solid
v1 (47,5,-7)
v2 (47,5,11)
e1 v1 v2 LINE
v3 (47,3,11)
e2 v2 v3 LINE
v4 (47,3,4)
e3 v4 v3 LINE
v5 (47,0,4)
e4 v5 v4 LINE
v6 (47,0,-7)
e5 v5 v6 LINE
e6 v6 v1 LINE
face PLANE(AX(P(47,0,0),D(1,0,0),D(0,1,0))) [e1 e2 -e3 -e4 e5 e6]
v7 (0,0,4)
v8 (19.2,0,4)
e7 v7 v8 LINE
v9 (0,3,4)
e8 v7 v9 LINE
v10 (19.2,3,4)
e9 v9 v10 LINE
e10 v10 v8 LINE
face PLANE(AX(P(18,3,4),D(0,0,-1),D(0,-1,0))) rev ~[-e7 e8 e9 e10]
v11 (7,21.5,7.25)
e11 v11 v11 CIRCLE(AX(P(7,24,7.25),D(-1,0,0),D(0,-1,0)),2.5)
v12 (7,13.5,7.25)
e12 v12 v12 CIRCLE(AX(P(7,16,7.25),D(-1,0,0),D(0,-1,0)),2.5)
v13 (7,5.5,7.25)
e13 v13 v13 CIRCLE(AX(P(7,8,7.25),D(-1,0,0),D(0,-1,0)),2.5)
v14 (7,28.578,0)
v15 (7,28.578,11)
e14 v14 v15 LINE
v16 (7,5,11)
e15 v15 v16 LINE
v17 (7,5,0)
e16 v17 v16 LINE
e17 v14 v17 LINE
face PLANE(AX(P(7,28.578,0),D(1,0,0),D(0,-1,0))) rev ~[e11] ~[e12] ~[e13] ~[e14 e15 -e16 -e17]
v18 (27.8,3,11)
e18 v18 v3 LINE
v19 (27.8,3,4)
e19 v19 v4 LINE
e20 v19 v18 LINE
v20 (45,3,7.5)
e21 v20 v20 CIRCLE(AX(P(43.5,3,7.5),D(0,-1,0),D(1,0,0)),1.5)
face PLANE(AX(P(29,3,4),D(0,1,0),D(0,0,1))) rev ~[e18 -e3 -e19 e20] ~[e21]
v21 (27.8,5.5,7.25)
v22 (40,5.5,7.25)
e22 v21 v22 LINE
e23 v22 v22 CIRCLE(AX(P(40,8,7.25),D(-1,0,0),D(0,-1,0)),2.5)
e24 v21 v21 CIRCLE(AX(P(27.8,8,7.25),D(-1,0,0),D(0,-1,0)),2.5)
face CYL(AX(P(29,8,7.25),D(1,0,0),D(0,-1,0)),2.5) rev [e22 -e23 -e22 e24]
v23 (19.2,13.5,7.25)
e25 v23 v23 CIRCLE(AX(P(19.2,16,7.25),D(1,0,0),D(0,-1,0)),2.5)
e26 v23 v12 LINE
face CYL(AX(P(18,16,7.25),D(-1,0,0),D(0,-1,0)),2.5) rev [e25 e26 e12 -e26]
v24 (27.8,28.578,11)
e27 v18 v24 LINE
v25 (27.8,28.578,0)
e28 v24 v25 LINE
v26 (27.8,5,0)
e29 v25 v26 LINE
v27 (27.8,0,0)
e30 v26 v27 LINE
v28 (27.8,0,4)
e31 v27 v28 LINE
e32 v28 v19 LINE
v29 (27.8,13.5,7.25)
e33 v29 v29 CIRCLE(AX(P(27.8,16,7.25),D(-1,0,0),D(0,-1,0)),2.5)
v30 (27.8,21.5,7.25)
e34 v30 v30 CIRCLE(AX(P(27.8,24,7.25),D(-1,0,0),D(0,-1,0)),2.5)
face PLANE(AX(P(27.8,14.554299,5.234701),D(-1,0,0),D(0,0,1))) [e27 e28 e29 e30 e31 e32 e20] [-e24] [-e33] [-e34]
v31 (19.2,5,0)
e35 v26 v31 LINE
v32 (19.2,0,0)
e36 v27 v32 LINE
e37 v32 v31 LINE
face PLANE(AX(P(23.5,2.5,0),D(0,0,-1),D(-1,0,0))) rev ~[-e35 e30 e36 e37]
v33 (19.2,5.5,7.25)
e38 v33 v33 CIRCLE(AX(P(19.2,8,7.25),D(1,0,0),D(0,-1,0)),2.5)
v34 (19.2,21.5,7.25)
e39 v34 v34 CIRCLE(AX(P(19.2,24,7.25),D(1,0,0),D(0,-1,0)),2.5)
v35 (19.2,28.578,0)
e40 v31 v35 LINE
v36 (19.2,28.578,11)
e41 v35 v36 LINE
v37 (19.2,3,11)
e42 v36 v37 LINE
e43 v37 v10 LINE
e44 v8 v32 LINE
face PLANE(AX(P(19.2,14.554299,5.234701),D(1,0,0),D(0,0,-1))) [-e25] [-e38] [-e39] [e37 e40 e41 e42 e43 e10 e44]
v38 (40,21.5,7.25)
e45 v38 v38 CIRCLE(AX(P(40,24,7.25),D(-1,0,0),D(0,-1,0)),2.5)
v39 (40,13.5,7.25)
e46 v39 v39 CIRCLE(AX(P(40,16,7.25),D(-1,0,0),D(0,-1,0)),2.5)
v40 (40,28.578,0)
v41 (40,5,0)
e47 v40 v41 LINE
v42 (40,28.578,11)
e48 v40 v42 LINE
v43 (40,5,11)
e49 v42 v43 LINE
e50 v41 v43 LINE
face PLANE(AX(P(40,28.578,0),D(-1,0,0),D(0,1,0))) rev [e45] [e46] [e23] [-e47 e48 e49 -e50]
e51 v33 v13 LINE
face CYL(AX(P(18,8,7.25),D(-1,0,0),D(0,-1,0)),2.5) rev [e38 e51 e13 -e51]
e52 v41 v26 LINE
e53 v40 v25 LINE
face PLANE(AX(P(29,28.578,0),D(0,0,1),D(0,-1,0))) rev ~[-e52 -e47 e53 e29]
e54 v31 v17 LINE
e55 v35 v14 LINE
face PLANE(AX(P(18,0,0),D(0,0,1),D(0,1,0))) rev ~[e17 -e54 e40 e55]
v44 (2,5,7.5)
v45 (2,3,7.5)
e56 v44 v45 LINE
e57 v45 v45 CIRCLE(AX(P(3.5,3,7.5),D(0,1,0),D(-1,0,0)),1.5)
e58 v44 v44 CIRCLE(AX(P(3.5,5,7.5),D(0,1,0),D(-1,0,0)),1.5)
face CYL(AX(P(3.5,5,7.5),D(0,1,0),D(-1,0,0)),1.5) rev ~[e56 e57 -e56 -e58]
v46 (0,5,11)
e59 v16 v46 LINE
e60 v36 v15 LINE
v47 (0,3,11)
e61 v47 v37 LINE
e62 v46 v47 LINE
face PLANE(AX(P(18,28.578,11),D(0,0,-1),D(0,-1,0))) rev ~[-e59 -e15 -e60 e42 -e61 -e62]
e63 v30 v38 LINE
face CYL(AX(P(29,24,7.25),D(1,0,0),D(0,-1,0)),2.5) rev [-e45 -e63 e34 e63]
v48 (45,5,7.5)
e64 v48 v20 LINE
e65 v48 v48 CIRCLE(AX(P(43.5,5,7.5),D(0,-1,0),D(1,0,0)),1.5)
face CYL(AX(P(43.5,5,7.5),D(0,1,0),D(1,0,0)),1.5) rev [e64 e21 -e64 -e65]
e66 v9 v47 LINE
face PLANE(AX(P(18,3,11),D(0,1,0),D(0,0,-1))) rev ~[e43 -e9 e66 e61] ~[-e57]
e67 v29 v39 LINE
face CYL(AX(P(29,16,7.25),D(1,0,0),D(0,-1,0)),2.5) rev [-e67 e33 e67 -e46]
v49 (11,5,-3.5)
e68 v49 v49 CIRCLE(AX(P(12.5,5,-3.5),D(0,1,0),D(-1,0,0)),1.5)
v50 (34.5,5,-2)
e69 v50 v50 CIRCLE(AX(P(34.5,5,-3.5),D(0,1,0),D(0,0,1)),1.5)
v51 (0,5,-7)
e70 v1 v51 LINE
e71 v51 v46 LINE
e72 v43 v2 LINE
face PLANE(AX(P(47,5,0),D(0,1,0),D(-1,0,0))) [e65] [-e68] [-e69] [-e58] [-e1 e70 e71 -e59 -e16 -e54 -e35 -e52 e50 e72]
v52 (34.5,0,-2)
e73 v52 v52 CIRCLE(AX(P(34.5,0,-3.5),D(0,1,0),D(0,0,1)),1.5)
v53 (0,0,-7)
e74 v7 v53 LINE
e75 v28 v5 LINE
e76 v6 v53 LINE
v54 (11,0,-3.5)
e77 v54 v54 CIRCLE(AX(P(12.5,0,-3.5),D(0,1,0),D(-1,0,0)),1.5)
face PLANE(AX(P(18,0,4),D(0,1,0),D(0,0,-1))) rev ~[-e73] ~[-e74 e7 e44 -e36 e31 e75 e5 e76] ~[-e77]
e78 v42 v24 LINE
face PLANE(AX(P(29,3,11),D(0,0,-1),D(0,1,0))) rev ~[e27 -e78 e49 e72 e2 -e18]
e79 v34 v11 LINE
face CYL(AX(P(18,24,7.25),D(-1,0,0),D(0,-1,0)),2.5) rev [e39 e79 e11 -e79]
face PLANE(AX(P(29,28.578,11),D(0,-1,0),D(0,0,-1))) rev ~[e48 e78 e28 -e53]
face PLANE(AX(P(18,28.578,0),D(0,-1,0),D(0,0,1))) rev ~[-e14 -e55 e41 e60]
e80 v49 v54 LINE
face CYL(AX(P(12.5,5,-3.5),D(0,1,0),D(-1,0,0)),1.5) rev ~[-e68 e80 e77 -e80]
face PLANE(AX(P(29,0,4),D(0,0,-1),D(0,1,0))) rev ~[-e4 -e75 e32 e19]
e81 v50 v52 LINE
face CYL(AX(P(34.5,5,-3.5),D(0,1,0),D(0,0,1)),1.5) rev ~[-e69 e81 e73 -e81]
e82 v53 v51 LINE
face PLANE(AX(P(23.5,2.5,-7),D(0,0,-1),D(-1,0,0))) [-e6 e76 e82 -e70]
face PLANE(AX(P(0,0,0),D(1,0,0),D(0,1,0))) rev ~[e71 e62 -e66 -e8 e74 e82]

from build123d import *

# Parameters (mm, degrees)
BOSS_EXTRUDE1_DEPTH = 11
CUT_EXTRUDE1_REACH  = 37.52
SKETCH3_W           = 7
SKETCH3_H           = 3
CUT_EXTRUDE2_REACH  = 34.538
SKETCH4_R           = 2.5
SKETCH5_R           = 1.5
CUT_EXTRUDE3_DEPTH  = 11
SKETCH6_W           = 47
SKETCH6_H           = 5
BOSS_EXTRUDE2_DEPTH = 7
SKETCH7_R           = 1.5
CUT_EXTRUDE4_DEPTH  = 5
SKETCH9_R           = 2.5
BOSS_EXTRUDE3_DEPTH = 1.2
SKETCH10_R          = 2.5
BOSS_EXTRUDE4_DEPTH = 1.2


with BuildPart() as part:
    # Sketch1 → Boss-Extrude1 (new body)
    with BuildSketch(Plane.XY):
        Polygon((0, 0), (18, 0), (18, 28.578), (7, 28.578), (7, 5), (0, 5), align=None)
    extrude(amount=BOSS_EXTRUDE1_DEPTH)

    # Sketch3 → Cut-Extrude1 (cut, up to next)
    with BuildSketch(Plane.ZY, mode=Mode.PRIVATE) as cut_extrude1_sk1:
        with Locations((7.5, 1.5)):
            Rectangle(SKETCH3_W, SKETCH3_H)
    cut_extrude1_tool1 = extrude(cut_extrude1_sk1.sketch, amount=-CUT_EXTRUDE1_REACH, mode=Mode.PRIVATE) & part.part
    add(cut_extrude1_tool1.solids().sort_by_distance((0, 1.5, 7.5))[0], mode=Mode.SUBTRACT)

    # Sketch4 → Cut-Extrude2 (cut, up to next)
    with BuildSketch(Plane.ZY.offset(-7), mode=Mode.PRIVATE) as cut_extrude2_sk1:
        with Locations(Location((7.25, 8, 0), (0, 0, 270))):
            Circle(SKETCH4_R)
    cut_extrude2_tool1 = extrude(cut_extrude2_sk1.sketch, amount=-CUT_EXTRUDE2_REACH, mode=Mode.PRIVATE) & part.part
    # Sketch4 → Cut-Extrude2 (cut, up to next)
    with BuildSketch(Plane.ZY.offset(-7), mode=Mode.PRIVATE) as cut_extrude2_sk2:
        with Locations(Location((7.25, 16, 0), (0, 0, 270))):
            Circle(SKETCH4_R)
    cut_extrude2_tool2 = extrude(cut_extrude2_sk2.sketch, amount=-CUT_EXTRUDE2_REACH, mode=Mode.PRIVATE) & part.part
    # Sketch4 → Cut-Extrude2 (cut, up to next)
    with BuildSketch(Plane.ZY.offset(-7), mode=Mode.PRIVATE) as cut_extrude2_sk3:
        with Locations(Location((7.25, 24, 0), (0, 0, 270))):
            Circle(SKETCH4_R)
    cut_extrude2_tool3 = extrude(cut_extrude2_sk3.sketch, amount=-CUT_EXTRUDE2_REACH, mode=Mode.PRIVATE) & part.part
    add(cut_extrude2_tool1.solids().sort_by_distance((7, 8, 7.25))[0], mode=Mode.SUBTRACT)
    add(cut_extrude2_tool2.solids().sort_by_distance((7, 16, 7.25))[0], mode=Mode.SUBTRACT)
    add(cut_extrude2_tool3.solids().sort_by_distance((7, 24, 7.25))[0], mode=Mode.SUBTRACT)

    # Sketch5 → Cut-Extrude3 (cut)
    with BuildSketch(Plane(origin=(0, 5, 0), x_dir=(1, 0, 0), z_dir=(0, 1, 0))):
        with Locations(Location((3.5, -7.5, 0), (0, 0, 180))):
            Circle(SKETCH5_R)
    extrude(amount=-CUT_EXTRUDE3_DEPTH, mode=Mode.SUBTRACT)


with BuildPart() as body_2:
    # Mirror6: mirrored copy
    add(part.part.mirror(Plane(origin=(23.5, 0, 0), x_dir=(0, 0, 1), z_dir=(1, 0, 0))))


with BuildPart() as part_1:
    add(part.part)

    add(body_2.part)  # Boss-Extrude2 merges body 2
    # Sketch6 → Boss-Extrude2 (add)
    with BuildSketch(Plane(origin=(0, 0, 0), x_dir=(-1, 0, 0), z_dir=(0, 0, -1))):
        with Locations((-23.5, 2.5)):
            Rectangle(SKETCH6_W, SKETCH6_H)
    extrude(amount=BOSS_EXTRUDE2_DEPTH)

    # Sketch7 → Cut-Extrude4 (cut)
    with BuildSketch(Plane(origin=(0, 5, 0), x_dir=(1, 0, 0), z_dir=(0, 1, 0))):
        with Locations(Location((12.5, 3.5, 0), (0, 0, 180))):
            Circle(SKETCH7_R)
        with Locations(Location((34.5, 3.5, 0), (0, 0, 270))):
            Circle(SKETCH7_R)
    extrude(amount=-CUT_EXTRUDE4_DEPTH, mode=Mode.SUBTRACT)

    # Sketch9 → Boss-Extrude3 (add)
    with BuildSketch(Plane.ZY.offset(-29)):
        Polygon((11, 3), (11, 28.578), (0, 28.578), (0, 5), (0, 0), (4, 0), (4, 3), align=None)
        with Locations(Location((7.25, 24, 0), (0, 0, 270))):
            Circle(SKETCH9_R, mode=Mode.SUBTRACT)
        with Locations(Location((7.25, 16, 0), (0, 0, 270))):
            Circle(SKETCH9_R, mode=Mode.SUBTRACT)
        with Locations(Location((7.25, 8, 0), (0, 0, 270))):
            Circle(SKETCH9_R, mode=Mode.SUBTRACT)
    extrude(amount=BOSS_EXTRUDE3_DEPTH)

    # Sketch10 → Boss-Extrude4 (add)
    with BuildSketch(Plane(origin=(18, 0, 0), x_dir=(0, 0, -1), z_dir=(1, 0, 0))):
        Polygon((-11, 28.578), (-11, 3), (-4, 3), (-4, 0), (0, 0), (0, 5), (0, 28.578), align=None)
        with Locations(Location((-7.25, 8, 0), (0, 0, 270))):
            Circle(SKETCH10_R, mode=Mode.SUBTRACT)
        with Locations(Location((-7.25, 16, 0), (0, 0, 270))):
            Circle(SKETCH10_R, mode=Mode.SUBTRACT)
        with Locations(Location((-7.25, 24, 0), (0, 0, 270))):
            Circle(SKETCH10_R, mode=Mode.SUBTRACT)
    extrude(amount=BOSS_EXTRUDE4_DEPTH)


solid = part_1.part
